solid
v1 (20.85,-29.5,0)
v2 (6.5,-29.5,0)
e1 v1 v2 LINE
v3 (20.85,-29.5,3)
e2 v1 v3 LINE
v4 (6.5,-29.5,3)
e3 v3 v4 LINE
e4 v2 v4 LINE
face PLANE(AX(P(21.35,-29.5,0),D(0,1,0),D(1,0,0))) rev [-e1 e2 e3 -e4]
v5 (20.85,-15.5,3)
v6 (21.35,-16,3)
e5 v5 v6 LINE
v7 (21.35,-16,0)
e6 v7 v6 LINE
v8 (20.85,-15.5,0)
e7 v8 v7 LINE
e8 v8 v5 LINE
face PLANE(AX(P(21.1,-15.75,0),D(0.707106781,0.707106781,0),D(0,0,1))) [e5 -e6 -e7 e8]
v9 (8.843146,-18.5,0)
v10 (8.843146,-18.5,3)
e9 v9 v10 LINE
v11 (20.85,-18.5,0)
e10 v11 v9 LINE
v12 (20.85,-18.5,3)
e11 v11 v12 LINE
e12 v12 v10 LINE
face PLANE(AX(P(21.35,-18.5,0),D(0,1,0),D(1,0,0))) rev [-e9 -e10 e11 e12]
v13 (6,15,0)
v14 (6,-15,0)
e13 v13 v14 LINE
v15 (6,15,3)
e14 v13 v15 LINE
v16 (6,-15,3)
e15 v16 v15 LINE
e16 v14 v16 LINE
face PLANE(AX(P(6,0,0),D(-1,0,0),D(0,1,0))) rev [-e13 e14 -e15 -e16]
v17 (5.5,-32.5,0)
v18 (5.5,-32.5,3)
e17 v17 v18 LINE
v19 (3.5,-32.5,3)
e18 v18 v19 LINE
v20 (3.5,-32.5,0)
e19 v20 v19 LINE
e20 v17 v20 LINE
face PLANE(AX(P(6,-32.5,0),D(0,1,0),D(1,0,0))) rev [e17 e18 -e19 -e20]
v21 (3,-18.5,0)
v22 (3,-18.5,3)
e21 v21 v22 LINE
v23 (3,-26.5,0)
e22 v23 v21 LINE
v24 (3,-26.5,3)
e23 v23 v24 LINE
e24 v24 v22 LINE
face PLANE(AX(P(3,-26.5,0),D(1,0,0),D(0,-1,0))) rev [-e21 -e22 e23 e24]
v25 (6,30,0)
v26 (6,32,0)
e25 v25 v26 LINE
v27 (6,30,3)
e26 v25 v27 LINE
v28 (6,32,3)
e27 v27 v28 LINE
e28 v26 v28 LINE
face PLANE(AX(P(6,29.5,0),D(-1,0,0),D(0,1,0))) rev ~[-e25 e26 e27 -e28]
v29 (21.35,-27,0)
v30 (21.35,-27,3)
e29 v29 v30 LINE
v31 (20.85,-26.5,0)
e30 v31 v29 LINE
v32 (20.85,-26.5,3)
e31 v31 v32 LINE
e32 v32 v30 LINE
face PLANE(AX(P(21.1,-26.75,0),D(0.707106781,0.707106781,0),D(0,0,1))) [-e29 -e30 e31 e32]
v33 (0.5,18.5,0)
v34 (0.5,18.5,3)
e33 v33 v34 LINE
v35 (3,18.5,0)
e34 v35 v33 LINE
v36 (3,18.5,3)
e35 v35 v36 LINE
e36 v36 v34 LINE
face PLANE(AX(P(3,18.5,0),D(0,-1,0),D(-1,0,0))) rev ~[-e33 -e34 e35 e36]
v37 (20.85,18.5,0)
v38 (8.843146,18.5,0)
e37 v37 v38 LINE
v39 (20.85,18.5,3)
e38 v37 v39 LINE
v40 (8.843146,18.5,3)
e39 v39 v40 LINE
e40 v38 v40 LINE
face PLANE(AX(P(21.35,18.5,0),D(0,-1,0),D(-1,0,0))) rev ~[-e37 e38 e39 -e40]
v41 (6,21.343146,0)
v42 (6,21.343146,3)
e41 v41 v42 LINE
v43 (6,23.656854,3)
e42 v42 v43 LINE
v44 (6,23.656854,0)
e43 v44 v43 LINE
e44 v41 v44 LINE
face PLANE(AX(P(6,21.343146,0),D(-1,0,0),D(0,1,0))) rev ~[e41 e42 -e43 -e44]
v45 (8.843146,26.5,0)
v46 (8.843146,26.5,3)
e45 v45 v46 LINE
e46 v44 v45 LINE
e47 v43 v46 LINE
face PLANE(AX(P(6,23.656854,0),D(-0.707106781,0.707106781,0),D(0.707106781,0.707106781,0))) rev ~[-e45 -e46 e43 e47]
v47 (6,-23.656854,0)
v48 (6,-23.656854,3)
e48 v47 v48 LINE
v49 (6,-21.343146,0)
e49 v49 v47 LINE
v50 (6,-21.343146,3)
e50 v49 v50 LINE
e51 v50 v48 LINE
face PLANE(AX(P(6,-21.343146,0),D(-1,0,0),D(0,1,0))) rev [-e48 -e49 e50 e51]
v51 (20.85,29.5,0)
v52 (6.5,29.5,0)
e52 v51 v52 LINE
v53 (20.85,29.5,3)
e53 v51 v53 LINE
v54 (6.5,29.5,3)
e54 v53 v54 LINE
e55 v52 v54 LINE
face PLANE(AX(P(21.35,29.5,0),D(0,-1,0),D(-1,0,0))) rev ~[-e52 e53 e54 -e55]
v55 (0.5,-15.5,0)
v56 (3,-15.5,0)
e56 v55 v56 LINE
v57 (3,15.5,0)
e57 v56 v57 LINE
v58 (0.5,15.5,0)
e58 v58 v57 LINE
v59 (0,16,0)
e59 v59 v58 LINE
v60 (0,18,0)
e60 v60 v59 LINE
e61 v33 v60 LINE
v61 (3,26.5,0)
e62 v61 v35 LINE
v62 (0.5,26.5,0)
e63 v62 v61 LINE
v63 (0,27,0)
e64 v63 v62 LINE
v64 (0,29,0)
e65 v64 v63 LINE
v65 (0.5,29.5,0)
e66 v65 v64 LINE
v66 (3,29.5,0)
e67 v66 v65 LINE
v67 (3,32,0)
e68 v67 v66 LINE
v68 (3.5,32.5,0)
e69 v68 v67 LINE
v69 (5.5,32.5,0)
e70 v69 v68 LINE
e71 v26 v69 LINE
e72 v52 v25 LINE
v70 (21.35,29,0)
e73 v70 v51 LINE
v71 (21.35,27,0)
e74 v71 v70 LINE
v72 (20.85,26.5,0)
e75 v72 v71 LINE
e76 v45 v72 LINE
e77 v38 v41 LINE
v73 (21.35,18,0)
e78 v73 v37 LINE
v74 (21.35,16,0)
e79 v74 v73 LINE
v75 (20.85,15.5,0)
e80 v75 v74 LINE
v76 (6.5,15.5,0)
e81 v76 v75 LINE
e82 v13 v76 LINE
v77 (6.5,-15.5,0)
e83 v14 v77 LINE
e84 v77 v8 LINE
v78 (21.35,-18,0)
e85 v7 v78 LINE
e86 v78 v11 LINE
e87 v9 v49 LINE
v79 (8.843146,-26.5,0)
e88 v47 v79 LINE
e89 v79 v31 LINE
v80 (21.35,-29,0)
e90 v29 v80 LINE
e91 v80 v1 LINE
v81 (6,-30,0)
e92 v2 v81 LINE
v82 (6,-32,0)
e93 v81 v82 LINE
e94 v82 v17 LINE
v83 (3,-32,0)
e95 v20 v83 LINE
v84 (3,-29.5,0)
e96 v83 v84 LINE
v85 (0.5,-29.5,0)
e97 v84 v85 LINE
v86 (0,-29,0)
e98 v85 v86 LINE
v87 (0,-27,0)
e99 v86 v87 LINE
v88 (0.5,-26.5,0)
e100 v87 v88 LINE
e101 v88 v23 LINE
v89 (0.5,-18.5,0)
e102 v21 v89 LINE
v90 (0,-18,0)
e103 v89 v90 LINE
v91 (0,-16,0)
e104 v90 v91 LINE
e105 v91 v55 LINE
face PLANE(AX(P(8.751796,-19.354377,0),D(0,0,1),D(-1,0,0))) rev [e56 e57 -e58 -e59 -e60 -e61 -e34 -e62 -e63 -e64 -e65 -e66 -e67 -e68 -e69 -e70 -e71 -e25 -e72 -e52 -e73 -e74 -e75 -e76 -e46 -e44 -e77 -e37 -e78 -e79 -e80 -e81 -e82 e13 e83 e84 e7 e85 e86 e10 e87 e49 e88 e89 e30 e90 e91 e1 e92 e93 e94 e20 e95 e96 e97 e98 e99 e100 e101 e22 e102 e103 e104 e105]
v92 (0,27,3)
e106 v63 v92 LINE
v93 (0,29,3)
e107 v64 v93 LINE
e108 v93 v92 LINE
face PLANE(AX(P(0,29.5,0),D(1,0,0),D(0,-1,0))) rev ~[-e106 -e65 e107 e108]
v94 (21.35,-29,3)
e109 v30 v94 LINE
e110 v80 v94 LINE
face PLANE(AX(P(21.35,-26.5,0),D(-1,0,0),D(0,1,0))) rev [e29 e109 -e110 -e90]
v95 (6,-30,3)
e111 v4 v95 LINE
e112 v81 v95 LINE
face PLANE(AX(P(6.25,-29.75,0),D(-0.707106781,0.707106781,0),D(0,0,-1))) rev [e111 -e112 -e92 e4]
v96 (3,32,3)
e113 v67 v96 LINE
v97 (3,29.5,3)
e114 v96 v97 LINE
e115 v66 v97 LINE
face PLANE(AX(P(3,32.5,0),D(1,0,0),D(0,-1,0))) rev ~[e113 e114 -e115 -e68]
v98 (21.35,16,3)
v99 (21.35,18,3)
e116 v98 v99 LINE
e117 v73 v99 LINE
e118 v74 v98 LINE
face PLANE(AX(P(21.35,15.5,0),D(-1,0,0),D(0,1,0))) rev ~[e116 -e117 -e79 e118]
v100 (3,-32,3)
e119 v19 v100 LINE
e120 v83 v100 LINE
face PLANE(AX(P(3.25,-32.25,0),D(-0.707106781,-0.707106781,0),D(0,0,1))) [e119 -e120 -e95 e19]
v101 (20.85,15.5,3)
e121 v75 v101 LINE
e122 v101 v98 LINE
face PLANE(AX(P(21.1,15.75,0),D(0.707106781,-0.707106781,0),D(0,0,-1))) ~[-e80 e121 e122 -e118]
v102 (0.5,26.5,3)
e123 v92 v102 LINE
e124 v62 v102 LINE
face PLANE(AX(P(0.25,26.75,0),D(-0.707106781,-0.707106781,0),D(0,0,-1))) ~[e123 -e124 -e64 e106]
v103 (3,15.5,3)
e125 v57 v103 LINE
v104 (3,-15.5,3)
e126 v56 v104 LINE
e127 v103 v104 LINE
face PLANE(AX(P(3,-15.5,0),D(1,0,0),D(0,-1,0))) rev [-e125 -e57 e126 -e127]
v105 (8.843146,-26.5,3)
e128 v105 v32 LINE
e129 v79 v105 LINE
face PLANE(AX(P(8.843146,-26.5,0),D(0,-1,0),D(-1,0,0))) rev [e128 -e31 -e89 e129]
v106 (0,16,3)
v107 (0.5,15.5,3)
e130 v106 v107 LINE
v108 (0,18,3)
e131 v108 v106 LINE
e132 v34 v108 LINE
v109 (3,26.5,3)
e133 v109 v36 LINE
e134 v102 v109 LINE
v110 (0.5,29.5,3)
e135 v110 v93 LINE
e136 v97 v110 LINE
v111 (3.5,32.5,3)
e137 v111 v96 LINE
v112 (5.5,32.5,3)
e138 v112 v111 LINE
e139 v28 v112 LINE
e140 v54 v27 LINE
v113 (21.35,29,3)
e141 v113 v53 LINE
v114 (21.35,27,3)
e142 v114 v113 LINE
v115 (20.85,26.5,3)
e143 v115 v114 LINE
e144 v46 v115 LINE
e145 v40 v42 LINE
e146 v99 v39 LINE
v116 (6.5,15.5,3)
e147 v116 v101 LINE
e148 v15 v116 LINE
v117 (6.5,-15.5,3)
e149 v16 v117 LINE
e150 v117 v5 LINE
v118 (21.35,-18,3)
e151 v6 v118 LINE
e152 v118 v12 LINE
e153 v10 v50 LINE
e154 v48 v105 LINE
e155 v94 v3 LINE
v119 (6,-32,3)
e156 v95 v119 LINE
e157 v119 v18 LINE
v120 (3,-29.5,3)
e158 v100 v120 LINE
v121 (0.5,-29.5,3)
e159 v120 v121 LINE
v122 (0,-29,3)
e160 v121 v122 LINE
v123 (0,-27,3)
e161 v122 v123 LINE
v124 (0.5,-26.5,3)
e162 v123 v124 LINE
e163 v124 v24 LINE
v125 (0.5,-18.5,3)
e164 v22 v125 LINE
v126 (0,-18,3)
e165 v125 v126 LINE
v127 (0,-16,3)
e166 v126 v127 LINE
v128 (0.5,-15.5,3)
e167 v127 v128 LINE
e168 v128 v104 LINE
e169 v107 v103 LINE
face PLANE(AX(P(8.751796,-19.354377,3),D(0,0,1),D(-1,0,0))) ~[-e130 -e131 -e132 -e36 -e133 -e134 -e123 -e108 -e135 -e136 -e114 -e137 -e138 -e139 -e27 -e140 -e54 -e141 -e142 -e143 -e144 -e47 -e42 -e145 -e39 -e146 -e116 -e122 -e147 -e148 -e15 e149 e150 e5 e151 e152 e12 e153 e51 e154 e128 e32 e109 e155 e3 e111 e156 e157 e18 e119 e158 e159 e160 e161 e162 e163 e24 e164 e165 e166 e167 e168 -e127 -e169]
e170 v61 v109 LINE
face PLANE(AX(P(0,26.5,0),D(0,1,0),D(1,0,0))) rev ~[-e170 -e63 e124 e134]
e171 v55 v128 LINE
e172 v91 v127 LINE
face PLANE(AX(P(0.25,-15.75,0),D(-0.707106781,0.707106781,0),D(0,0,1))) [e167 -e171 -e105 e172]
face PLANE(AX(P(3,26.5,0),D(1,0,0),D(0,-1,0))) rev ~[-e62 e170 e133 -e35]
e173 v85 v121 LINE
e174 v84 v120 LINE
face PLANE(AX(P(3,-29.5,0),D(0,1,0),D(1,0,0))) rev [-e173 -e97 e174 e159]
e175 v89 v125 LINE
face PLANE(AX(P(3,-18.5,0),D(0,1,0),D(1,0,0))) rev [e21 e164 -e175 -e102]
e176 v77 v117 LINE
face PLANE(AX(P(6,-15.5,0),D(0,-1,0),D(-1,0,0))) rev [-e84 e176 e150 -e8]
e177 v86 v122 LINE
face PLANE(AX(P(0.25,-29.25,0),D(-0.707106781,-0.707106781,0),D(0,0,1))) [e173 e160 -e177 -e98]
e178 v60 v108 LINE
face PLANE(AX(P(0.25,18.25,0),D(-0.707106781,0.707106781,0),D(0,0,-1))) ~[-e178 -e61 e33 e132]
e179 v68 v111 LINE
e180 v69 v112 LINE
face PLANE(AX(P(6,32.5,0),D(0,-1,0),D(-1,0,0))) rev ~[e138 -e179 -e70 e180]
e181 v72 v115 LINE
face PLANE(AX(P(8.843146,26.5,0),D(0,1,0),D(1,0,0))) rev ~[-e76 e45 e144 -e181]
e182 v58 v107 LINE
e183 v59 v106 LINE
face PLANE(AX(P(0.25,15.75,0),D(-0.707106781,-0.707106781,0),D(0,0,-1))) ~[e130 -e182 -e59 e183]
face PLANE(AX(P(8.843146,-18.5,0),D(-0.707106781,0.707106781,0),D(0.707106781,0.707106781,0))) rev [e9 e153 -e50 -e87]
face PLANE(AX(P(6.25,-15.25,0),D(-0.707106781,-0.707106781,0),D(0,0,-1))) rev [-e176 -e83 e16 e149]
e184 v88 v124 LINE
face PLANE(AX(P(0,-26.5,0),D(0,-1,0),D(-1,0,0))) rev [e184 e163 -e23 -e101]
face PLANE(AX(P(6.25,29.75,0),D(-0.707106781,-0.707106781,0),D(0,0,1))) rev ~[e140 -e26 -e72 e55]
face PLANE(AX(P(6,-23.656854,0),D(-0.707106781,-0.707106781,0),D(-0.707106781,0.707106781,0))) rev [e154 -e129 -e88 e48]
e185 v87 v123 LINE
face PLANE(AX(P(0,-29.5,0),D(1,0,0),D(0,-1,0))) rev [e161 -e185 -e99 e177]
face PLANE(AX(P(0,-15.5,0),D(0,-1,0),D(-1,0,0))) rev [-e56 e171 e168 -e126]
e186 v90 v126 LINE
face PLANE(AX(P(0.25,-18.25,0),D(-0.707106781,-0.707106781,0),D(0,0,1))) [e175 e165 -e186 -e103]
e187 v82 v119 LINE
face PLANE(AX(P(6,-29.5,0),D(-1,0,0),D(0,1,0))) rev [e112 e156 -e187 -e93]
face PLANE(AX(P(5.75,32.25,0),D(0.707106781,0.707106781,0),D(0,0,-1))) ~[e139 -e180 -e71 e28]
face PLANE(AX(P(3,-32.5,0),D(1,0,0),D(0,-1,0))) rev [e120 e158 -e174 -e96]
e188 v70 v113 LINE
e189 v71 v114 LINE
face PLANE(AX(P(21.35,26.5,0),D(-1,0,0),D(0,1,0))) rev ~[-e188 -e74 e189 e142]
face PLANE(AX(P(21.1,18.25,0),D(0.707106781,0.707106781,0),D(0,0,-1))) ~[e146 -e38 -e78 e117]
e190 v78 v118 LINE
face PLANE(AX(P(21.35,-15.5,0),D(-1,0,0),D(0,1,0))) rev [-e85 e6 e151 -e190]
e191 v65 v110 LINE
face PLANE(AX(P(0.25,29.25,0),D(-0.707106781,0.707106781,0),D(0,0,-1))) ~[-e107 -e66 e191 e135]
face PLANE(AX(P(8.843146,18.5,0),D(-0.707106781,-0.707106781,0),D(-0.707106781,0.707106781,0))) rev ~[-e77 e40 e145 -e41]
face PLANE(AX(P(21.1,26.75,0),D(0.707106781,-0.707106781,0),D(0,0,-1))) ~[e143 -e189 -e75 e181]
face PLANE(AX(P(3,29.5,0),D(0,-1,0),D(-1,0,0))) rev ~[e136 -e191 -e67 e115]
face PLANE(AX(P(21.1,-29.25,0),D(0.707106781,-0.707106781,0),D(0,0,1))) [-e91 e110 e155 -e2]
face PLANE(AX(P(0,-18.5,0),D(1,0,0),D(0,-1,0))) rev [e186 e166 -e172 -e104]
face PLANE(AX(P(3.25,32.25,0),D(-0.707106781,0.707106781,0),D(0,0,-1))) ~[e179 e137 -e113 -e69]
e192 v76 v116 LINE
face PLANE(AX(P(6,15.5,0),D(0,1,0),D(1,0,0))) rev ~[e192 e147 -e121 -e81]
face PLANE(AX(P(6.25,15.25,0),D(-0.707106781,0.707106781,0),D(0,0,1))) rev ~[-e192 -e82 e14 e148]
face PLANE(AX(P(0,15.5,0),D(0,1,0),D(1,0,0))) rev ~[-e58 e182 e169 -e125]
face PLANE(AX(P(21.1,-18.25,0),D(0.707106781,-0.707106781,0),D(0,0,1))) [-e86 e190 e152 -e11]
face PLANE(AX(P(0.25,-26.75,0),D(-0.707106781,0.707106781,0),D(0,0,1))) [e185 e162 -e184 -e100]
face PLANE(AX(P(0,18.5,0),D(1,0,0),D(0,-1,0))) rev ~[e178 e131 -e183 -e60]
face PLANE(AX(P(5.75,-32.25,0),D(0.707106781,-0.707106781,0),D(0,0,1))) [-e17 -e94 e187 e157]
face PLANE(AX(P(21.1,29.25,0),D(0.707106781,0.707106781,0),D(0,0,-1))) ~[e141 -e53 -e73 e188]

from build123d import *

# Parameters (mm, degrees)
F1_DEPTH = 3
F2_SIZE  = 0.5


with BuildPart() as f1:
    # F0 (on Top) → F1 (new body)
    with BuildSketch(Plane.XY):
        Polygon((6, 23.656854), (8.843146, 26.5), (21.35, 26.5), (21.35, 29.5), (6, 29.5), (6, 32.5), (3, 32.5), (3, 29.5), (0, 29.5), (0, 26.5), (3, 26.5), (3, 18.5), (0, 18.5), (0, 15.5), (3, 15.5), (3, 0), (6, 0), (6, 15.5), (21.35, 15.5), (21.35, 18.5), (8.843146, 18.5), (6, 21.343146), align=None)
    extrude(amount=F1_DEPTH)

    # F2
    f2_edges = [f1.edges().sort_by_distance(p)[0] for p in [
        (0, 29.5, 1.5),
        (0, 26.5, 1.5),
        (0, 18.5, 1.5),
        (0, 15.5, 1.5),
        (21.35, 15.5, 1.5),
        (21.35, 26.5, 1.5),
        (3, 32.5, 1.5),
        (6, 32.5, 1.5),
        (21.35, 29.5, 1.5),
        (21.35, 18.5, 1.5),
        (6, 15.5, 1.5),
        (6, 29.5, 1.5),
    ]]
    chamfer(f2_edges, length=F2_SIZE)

    # F3: F1 across face


with BuildPart() as f1_1:
    add(f1.part)
    add(f1.part.mirror(Plane(origin=(4.5, 0, 1.5), x_dir=(1, 0, 0), z_dir=(0, -1, 0))))


solid = f1_1.part
